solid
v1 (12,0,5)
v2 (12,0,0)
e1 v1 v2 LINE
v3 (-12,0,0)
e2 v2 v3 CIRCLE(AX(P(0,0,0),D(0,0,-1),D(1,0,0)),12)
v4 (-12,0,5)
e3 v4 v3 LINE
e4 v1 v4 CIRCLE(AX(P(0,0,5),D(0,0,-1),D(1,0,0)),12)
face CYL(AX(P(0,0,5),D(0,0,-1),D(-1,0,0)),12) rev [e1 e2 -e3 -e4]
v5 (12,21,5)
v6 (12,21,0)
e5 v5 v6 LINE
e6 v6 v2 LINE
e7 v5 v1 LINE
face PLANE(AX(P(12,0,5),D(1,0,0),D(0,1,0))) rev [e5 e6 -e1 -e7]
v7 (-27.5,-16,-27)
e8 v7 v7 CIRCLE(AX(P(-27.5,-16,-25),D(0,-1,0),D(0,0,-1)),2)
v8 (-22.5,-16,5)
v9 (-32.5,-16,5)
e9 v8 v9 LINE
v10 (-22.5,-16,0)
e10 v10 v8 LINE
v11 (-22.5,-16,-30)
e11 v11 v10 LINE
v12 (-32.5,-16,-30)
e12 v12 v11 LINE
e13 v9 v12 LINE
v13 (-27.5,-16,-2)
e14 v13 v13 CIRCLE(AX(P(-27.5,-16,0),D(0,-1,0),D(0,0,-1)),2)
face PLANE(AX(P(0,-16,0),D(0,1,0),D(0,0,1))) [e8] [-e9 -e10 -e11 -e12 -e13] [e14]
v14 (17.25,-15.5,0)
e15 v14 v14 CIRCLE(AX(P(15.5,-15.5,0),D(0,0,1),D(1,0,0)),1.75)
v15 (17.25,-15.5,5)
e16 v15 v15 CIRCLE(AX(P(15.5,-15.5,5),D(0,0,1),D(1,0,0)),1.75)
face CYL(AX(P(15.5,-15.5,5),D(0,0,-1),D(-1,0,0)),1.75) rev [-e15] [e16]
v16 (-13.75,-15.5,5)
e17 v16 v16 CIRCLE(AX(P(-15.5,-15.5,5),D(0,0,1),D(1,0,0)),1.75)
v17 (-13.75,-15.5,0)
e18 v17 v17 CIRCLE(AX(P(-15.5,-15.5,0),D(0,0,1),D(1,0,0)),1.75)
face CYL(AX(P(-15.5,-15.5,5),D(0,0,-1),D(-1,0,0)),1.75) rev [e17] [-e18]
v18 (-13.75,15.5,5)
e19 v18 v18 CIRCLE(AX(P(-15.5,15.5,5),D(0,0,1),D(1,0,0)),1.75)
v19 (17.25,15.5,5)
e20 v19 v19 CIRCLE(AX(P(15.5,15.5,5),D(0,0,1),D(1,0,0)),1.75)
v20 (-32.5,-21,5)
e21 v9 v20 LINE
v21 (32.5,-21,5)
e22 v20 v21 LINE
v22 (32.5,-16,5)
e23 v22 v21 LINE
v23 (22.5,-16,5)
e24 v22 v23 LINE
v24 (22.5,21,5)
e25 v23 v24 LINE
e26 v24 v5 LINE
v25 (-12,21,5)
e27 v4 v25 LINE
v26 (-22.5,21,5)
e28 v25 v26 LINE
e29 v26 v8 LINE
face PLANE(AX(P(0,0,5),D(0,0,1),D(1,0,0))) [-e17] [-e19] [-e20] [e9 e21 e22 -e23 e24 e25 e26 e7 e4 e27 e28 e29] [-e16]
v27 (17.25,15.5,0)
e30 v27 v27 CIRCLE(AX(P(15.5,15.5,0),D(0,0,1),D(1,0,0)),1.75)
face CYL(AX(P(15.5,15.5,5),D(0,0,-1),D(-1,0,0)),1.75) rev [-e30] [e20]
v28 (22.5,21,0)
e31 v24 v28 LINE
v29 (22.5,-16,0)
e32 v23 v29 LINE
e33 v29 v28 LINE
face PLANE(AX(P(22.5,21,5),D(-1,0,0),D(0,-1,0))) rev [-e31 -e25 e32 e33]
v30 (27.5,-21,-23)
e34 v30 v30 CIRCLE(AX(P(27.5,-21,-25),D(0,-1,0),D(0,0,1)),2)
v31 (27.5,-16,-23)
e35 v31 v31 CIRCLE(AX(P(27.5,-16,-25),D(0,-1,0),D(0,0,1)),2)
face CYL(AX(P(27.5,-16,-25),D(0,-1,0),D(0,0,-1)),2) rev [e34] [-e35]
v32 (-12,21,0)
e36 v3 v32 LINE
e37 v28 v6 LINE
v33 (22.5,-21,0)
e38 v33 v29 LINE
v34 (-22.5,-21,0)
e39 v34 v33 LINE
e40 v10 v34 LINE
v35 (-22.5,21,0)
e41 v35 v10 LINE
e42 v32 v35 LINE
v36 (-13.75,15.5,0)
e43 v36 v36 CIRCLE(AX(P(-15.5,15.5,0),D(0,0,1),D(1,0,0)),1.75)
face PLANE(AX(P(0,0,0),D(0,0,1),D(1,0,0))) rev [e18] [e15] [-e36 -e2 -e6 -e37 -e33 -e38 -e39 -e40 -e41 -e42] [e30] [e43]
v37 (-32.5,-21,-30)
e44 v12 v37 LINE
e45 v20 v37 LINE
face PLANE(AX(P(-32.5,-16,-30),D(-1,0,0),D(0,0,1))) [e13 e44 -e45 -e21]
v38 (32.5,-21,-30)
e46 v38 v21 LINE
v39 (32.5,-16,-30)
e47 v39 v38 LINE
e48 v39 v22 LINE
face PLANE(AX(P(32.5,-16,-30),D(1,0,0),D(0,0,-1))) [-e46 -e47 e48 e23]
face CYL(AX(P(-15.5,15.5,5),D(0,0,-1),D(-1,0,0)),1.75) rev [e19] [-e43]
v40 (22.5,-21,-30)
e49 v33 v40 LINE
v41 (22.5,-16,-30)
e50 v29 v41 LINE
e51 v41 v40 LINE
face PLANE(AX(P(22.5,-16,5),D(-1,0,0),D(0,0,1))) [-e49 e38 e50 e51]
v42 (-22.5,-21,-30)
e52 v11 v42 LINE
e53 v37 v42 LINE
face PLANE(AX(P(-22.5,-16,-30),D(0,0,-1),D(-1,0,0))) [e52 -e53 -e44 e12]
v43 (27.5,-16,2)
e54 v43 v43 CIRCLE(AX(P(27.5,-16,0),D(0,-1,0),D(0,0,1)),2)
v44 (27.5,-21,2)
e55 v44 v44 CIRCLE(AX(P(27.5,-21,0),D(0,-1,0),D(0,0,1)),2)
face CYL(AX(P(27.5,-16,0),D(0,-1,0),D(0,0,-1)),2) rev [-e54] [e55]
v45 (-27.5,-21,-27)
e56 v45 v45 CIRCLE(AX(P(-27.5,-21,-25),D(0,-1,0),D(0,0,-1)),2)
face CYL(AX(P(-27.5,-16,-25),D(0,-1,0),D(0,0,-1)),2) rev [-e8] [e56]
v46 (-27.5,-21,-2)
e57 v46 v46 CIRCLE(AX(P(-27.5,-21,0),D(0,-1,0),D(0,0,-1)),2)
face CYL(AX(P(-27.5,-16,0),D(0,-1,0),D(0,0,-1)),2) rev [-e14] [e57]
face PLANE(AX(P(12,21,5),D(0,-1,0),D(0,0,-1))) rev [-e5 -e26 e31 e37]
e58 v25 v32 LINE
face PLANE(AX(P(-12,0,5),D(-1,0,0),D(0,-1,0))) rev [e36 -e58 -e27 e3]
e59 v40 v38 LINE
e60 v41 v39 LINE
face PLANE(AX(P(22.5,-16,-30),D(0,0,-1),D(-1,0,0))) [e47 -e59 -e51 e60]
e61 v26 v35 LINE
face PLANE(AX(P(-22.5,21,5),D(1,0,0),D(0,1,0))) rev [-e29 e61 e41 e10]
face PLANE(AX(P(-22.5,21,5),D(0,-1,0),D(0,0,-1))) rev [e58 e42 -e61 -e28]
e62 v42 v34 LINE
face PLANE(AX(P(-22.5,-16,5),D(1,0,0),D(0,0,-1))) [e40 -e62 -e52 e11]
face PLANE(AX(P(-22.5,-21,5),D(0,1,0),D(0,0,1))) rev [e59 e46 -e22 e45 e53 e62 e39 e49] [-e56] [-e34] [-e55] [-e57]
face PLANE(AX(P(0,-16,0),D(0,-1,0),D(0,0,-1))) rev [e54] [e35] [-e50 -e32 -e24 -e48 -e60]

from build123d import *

# Parameters (mm, degrees)
ESBO_O1_R                = 1.75
RESSALTO_EXTRUS_O1_DEPTH = 5
ESBO_O2_W                = 10
ESBO_O2_H                = 35
ESBO_O2_R                = 2
RESSALTO_EXTRUS_O2_DEPTH = 5


with BuildPart() as part:
    # Esboço1 → Ressalto-extrusão1 (new body)
    with BuildSketch(Plane.XY):
        with BuildLine():
            Line((-12, 0), (-12, 21))
            Line((-12, 21), (-22.5, 21))
            Line((-22.5, 21), (-22.5, -21))
            Line((-22.5, -21), (22.5, -21))
            Line((22.5, -21), (22.5, 21))
            Line((22.5, 21), (12, 21))
            Line((12, 21), (12, 0))
            ThreePointArc((12, 0), (0, -12), (-12, 0))
        make_face()
        with Locations((-15.5, 15.5)):
            Circle(ESBO_O1_R, mode=Mode.SUBTRACT)
        with Locations((15.5, 15.5)):
            Circle(ESBO_O1_R, mode=Mode.SUBTRACT)
        with Locations((15.5, -15.5)):
            Circle(ESBO_O1_R, mode=Mode.SUBTRACT)
        with Locations((-15.5, -15.5)):
            Circle(ESBO_O1_R, mode=Mode.SUBTRACT)
    extrude(amount=RESSALTO_EXTRUS_O1_DEPTH)

    # Esboço2 → Ressalto-extrusão2 (add)
    # profile 1 of 2: a face of its own
    with BuildSketch(Plane.XZ.offset(21)):
        with Locations((-27.5, -12.5)):
            Rectangle(ESBO_O2_W, ESBO_O2_H)
        with Locations(Location((-27.5, -25, 0), (0, 0, 270))):
            Circle(ESBO_O2_R, mode=Mode.SUBTRACT)
        with Locations(Location((-27.5, 0, 0), (0, 0, 270))):
            Circle(ESBO_O2_R, mode=Mode.SUBTRACT)
    # profile 2 of 2: a face of its own
    with BuildSketch(Plane.XZ.offset(21)):
        with Locations((27.5, -12.5)):
            Rectangle(ESBO_O2_W, ESBO_O2_H)
        with Locations(Location((27.5, 0, 0), (0, 0, 90))):
            Circle(ESBO_O2_R, mode=Mode.SUBTRACT)
        with Locations(Location((27.5, -25, 0), (0, 0, 90))):
            Circle(ESBO_O2_R, mode=Mode.SUBTRACT)
    extrude(amount=-RESSALTO_EXTRUS_O2_DEPTH)


solid = part.part
